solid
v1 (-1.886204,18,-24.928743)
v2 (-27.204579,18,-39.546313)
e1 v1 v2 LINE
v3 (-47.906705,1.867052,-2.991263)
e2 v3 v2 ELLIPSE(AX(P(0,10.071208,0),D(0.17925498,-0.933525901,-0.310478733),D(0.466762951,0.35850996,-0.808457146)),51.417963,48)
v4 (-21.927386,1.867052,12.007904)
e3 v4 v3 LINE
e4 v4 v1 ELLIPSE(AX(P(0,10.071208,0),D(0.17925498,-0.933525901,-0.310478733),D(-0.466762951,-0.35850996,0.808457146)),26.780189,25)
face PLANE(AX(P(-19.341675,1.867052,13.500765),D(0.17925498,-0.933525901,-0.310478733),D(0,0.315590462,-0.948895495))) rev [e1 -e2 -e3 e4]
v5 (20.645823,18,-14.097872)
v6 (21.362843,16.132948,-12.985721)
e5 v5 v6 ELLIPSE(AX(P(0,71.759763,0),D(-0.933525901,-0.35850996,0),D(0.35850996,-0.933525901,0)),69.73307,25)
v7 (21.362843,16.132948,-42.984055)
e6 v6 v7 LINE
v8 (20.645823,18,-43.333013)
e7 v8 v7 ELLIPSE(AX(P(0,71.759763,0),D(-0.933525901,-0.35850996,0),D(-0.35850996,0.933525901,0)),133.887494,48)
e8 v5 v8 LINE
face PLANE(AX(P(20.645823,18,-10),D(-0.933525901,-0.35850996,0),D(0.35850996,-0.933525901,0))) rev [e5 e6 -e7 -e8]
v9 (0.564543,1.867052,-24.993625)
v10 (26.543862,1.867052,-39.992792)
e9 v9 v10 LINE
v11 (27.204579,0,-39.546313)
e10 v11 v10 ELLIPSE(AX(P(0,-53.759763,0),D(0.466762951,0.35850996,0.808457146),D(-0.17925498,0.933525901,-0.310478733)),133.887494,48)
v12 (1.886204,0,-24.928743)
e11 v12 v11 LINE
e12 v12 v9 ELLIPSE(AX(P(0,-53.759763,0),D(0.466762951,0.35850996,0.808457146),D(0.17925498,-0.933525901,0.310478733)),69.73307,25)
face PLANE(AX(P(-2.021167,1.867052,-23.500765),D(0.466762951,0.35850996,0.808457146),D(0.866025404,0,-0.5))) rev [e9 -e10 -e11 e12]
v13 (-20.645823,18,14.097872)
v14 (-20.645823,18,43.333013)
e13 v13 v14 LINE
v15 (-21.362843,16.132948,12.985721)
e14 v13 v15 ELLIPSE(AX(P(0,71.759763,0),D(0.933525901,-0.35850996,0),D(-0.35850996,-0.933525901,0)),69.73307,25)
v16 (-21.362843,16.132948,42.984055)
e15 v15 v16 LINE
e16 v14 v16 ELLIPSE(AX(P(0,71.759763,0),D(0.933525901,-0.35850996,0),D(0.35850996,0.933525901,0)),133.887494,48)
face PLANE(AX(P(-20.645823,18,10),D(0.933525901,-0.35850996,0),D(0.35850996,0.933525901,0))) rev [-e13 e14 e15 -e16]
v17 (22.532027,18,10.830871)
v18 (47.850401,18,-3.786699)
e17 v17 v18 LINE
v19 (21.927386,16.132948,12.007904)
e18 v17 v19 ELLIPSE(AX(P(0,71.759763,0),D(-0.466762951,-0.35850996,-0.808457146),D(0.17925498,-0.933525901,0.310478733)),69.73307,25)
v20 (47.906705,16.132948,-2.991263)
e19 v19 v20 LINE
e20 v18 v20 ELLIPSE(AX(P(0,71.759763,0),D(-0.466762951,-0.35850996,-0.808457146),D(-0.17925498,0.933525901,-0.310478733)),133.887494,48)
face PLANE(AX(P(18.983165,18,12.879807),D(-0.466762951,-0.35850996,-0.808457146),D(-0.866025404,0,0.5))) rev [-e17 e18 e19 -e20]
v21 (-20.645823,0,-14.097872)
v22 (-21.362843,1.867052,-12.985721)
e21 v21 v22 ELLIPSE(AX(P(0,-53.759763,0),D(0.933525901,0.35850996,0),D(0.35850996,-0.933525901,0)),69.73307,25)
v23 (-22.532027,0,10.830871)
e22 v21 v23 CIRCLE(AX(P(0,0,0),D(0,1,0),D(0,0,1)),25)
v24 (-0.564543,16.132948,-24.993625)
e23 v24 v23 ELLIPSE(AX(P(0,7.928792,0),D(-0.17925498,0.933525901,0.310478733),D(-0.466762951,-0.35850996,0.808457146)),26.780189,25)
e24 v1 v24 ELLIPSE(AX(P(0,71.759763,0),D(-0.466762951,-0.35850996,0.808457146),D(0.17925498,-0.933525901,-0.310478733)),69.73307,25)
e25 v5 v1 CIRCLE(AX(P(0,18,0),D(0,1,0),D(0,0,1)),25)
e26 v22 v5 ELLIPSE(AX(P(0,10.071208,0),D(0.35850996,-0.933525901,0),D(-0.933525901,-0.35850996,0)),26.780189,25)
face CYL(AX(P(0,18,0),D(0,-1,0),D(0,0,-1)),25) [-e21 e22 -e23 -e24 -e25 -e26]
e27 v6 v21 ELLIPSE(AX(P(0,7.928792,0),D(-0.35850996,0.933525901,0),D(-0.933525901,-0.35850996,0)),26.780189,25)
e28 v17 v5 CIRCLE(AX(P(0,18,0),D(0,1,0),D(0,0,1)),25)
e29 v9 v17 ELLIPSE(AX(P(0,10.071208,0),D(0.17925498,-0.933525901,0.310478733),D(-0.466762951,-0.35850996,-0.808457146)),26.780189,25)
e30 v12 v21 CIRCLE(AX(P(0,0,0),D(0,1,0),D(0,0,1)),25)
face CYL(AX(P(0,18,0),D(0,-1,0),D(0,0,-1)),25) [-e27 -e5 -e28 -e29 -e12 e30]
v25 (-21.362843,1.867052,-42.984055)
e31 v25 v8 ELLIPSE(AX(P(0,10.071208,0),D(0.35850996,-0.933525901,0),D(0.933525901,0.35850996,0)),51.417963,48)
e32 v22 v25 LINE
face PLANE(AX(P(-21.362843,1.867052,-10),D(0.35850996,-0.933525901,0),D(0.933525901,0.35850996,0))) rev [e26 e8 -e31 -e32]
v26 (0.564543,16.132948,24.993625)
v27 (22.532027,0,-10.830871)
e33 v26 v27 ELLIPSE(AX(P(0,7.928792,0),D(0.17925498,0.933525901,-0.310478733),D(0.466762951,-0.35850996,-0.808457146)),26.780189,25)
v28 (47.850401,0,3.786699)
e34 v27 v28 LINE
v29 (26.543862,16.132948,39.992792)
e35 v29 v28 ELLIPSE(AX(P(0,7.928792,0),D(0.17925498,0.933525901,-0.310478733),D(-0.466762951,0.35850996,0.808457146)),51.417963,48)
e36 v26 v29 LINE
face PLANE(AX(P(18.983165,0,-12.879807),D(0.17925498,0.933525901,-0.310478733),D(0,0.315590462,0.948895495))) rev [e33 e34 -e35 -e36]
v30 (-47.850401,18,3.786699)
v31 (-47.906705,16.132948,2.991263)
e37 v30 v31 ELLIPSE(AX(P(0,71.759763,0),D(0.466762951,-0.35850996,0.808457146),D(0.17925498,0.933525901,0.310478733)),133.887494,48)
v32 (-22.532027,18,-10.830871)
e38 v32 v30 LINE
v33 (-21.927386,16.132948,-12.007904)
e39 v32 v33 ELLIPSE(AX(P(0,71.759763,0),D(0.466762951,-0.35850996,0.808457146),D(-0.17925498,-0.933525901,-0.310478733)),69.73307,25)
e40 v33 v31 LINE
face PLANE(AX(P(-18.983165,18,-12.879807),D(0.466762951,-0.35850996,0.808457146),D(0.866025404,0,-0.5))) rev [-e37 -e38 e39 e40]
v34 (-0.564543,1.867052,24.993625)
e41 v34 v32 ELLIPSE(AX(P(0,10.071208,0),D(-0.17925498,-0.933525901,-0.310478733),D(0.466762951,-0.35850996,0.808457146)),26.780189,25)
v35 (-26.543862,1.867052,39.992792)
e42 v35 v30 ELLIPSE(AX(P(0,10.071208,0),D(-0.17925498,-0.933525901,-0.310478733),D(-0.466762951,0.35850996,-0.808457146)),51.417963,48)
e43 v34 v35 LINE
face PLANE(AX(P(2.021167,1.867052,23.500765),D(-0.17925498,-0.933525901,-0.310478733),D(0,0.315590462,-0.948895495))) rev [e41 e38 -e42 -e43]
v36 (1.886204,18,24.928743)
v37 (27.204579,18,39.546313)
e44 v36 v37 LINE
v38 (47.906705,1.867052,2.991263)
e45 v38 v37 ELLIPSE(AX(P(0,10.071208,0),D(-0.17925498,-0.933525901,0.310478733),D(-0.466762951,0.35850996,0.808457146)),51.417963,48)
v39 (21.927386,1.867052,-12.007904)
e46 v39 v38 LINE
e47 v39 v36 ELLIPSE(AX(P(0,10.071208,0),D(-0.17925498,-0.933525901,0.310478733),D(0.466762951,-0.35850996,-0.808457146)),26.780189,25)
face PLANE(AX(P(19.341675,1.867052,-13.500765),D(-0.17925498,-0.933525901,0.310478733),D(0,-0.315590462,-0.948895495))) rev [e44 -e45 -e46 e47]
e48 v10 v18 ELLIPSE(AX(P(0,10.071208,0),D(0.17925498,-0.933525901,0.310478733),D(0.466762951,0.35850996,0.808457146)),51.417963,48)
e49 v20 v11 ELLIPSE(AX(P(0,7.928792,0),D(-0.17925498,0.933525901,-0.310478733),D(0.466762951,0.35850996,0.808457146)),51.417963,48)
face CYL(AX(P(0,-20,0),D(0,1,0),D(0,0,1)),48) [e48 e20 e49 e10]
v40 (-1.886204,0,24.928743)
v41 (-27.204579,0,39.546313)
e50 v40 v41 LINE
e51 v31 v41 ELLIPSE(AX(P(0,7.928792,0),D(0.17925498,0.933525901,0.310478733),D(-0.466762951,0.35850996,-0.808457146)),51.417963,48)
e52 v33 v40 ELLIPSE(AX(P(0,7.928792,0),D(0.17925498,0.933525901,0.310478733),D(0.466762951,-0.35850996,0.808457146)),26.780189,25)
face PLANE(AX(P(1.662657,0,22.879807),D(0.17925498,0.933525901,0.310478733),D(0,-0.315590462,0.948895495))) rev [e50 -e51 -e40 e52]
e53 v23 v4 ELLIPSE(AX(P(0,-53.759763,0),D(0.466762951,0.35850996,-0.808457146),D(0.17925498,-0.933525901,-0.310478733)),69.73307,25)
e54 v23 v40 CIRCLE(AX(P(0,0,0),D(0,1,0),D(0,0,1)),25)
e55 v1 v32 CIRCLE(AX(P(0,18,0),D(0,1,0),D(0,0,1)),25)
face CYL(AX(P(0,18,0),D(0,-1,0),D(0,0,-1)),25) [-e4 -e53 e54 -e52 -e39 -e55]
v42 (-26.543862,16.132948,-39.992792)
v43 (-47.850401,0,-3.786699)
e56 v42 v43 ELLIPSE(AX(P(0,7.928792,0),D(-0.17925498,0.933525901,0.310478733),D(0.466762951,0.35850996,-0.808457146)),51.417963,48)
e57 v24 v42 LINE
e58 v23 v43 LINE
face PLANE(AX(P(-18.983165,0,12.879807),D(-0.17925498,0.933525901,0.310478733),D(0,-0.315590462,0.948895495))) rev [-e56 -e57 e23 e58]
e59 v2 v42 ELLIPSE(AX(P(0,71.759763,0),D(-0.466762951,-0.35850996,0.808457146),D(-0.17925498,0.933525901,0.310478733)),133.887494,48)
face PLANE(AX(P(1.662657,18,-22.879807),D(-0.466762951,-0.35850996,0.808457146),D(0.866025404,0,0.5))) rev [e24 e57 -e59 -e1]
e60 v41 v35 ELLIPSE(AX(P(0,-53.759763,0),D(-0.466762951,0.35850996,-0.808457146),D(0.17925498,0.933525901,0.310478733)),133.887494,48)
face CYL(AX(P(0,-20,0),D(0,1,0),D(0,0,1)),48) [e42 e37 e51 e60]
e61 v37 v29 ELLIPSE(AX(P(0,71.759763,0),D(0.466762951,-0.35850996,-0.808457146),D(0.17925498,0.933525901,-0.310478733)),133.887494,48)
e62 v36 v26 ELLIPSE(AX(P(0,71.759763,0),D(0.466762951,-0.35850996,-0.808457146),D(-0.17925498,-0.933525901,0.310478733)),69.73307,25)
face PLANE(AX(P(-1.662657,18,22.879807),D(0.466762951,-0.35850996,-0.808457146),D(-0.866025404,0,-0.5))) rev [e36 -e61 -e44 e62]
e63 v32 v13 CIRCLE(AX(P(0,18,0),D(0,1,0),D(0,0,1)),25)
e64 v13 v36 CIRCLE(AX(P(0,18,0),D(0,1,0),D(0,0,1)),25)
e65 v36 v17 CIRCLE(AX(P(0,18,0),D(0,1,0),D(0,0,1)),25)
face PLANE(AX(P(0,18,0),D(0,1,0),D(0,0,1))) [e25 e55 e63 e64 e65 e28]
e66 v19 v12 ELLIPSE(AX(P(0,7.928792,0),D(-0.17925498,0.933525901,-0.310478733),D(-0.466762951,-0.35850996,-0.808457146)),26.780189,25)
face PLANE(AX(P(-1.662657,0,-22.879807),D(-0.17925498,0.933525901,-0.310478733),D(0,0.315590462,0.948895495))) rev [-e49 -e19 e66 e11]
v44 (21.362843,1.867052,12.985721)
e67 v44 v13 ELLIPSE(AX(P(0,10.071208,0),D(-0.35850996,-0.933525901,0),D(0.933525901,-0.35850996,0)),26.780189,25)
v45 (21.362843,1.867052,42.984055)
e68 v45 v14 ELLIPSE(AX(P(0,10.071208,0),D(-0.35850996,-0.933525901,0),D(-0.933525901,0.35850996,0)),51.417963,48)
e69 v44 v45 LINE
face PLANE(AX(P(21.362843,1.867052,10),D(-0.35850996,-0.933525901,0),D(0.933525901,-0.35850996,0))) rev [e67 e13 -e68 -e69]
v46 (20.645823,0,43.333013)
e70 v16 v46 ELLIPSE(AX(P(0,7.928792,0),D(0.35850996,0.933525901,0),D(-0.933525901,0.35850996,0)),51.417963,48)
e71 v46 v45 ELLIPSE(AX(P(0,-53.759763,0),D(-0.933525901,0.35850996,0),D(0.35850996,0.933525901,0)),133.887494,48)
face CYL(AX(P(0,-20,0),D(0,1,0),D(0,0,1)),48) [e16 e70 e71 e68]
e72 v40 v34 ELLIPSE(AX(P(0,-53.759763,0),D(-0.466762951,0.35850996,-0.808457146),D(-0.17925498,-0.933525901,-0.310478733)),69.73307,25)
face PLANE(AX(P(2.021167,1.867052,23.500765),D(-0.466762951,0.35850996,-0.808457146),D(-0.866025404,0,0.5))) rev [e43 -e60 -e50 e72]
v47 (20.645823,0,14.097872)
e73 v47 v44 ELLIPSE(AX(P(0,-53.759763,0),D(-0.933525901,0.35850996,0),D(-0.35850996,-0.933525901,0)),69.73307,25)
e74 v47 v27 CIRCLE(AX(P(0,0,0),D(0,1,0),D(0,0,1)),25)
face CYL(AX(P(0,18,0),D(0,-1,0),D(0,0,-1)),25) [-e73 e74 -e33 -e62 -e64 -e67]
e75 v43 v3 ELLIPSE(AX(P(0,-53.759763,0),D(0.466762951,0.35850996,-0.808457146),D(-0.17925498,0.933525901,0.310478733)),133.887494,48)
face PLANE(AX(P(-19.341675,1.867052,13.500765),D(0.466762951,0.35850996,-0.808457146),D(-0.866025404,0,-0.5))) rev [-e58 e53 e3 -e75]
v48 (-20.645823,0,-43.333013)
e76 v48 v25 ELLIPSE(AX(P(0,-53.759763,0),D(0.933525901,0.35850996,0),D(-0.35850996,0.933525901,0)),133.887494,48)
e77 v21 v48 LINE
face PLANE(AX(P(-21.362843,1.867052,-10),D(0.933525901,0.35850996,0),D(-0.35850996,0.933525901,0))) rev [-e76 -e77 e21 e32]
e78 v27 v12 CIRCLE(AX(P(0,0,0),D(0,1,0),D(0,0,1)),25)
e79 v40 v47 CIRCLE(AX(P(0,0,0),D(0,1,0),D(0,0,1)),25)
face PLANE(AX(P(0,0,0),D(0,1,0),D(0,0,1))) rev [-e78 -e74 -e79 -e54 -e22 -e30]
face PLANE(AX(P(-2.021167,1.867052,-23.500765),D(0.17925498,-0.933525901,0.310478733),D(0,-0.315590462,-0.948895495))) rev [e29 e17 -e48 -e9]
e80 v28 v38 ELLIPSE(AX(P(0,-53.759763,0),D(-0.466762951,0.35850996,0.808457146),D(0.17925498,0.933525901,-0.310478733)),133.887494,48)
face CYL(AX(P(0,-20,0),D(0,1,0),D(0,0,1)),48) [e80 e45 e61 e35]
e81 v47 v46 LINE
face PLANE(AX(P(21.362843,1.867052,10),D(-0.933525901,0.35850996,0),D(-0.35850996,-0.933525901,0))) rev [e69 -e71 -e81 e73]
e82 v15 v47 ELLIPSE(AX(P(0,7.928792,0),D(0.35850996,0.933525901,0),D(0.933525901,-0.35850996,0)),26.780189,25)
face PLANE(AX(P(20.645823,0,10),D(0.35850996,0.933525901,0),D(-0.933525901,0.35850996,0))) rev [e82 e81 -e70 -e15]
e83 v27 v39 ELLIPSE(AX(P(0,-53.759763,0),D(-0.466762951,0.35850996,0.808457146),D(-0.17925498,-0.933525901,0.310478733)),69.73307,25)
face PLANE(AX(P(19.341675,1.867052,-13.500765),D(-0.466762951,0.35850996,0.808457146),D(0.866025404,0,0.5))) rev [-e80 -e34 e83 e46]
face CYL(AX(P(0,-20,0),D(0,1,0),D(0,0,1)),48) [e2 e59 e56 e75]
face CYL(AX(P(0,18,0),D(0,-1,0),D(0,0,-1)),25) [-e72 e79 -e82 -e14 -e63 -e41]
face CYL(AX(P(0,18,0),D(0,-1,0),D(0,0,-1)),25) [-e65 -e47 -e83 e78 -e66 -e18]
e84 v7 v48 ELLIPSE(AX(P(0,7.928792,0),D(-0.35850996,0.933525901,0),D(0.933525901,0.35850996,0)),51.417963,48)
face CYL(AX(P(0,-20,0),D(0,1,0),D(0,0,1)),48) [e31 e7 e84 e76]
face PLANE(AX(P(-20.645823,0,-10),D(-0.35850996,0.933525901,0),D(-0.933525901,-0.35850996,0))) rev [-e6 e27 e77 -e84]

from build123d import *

# Parameters (mm, degrees)
SKETCH1_R           = 25
BOSS_EXTRUDE1_DEPTH = 18
BOSS_EXTRUDE2_DEPTH = 38
CIRPATTERN1_COUNT   = 6
SKETCH4_R           = 55.206013126
SKETCH4_R_2         = 48
CUT_EXTRUDE2_DEPTH  = 38


with BuildPart() as part:
    # Sketch1 → Boss-Extrude1 (new body)
    with BuildSketch(Plane(origin=(0, 0, 0), x_dir=(1, 0, 0), z_dir=(0, 1, 0))):
        Circle(SKETCH1_R)
    extrude(amount=BOSS_EXTRUDE1_DEPTH)

    # Sketch3 → Boss-Extrude2 (add)
    with BuildSketch(Plane(origin=(0, 0, 48), x_dir=(-1, 0, 0), z_dir=(0, 0, -1))):
        Polygon((-21.362842742, 1.867051803), (20.645822822, 18), (21.362842742, 16.132948197), (-20.645822822, 0), align=None)
    boss_extrude2 = extrude(amount=BOSS_EXTRUDE2_DEPTH)

    # CirPattern1: Boss-Extrude2 ×6 about axis
    cirpattern1_axis = Axis((0, 0, 0), (0, 1, 0))
    for i in range(1, CIRPATTERN1_COUNT):
        add(boss_extrude2.rotate(cirpattern1_axis, i * 360 / CIRPATTERN1_COUNT))

    # Sketch4 → Cut-Extrude2 (cut)
    with BuildSketch(Plane(origin=(0, 18, 0), x_dir=(1, 0, 0), z_dir=(0, 1, 0))):
        Circle(SKETCH4_R)
        Circle(SKETCH4_R_2, mode=Mode.SUBTRACT)
    extrude(amount=-CUT_EXTRUDE2_DEPTH, mode=Mode.SUBTRACT)


solid = part.part
